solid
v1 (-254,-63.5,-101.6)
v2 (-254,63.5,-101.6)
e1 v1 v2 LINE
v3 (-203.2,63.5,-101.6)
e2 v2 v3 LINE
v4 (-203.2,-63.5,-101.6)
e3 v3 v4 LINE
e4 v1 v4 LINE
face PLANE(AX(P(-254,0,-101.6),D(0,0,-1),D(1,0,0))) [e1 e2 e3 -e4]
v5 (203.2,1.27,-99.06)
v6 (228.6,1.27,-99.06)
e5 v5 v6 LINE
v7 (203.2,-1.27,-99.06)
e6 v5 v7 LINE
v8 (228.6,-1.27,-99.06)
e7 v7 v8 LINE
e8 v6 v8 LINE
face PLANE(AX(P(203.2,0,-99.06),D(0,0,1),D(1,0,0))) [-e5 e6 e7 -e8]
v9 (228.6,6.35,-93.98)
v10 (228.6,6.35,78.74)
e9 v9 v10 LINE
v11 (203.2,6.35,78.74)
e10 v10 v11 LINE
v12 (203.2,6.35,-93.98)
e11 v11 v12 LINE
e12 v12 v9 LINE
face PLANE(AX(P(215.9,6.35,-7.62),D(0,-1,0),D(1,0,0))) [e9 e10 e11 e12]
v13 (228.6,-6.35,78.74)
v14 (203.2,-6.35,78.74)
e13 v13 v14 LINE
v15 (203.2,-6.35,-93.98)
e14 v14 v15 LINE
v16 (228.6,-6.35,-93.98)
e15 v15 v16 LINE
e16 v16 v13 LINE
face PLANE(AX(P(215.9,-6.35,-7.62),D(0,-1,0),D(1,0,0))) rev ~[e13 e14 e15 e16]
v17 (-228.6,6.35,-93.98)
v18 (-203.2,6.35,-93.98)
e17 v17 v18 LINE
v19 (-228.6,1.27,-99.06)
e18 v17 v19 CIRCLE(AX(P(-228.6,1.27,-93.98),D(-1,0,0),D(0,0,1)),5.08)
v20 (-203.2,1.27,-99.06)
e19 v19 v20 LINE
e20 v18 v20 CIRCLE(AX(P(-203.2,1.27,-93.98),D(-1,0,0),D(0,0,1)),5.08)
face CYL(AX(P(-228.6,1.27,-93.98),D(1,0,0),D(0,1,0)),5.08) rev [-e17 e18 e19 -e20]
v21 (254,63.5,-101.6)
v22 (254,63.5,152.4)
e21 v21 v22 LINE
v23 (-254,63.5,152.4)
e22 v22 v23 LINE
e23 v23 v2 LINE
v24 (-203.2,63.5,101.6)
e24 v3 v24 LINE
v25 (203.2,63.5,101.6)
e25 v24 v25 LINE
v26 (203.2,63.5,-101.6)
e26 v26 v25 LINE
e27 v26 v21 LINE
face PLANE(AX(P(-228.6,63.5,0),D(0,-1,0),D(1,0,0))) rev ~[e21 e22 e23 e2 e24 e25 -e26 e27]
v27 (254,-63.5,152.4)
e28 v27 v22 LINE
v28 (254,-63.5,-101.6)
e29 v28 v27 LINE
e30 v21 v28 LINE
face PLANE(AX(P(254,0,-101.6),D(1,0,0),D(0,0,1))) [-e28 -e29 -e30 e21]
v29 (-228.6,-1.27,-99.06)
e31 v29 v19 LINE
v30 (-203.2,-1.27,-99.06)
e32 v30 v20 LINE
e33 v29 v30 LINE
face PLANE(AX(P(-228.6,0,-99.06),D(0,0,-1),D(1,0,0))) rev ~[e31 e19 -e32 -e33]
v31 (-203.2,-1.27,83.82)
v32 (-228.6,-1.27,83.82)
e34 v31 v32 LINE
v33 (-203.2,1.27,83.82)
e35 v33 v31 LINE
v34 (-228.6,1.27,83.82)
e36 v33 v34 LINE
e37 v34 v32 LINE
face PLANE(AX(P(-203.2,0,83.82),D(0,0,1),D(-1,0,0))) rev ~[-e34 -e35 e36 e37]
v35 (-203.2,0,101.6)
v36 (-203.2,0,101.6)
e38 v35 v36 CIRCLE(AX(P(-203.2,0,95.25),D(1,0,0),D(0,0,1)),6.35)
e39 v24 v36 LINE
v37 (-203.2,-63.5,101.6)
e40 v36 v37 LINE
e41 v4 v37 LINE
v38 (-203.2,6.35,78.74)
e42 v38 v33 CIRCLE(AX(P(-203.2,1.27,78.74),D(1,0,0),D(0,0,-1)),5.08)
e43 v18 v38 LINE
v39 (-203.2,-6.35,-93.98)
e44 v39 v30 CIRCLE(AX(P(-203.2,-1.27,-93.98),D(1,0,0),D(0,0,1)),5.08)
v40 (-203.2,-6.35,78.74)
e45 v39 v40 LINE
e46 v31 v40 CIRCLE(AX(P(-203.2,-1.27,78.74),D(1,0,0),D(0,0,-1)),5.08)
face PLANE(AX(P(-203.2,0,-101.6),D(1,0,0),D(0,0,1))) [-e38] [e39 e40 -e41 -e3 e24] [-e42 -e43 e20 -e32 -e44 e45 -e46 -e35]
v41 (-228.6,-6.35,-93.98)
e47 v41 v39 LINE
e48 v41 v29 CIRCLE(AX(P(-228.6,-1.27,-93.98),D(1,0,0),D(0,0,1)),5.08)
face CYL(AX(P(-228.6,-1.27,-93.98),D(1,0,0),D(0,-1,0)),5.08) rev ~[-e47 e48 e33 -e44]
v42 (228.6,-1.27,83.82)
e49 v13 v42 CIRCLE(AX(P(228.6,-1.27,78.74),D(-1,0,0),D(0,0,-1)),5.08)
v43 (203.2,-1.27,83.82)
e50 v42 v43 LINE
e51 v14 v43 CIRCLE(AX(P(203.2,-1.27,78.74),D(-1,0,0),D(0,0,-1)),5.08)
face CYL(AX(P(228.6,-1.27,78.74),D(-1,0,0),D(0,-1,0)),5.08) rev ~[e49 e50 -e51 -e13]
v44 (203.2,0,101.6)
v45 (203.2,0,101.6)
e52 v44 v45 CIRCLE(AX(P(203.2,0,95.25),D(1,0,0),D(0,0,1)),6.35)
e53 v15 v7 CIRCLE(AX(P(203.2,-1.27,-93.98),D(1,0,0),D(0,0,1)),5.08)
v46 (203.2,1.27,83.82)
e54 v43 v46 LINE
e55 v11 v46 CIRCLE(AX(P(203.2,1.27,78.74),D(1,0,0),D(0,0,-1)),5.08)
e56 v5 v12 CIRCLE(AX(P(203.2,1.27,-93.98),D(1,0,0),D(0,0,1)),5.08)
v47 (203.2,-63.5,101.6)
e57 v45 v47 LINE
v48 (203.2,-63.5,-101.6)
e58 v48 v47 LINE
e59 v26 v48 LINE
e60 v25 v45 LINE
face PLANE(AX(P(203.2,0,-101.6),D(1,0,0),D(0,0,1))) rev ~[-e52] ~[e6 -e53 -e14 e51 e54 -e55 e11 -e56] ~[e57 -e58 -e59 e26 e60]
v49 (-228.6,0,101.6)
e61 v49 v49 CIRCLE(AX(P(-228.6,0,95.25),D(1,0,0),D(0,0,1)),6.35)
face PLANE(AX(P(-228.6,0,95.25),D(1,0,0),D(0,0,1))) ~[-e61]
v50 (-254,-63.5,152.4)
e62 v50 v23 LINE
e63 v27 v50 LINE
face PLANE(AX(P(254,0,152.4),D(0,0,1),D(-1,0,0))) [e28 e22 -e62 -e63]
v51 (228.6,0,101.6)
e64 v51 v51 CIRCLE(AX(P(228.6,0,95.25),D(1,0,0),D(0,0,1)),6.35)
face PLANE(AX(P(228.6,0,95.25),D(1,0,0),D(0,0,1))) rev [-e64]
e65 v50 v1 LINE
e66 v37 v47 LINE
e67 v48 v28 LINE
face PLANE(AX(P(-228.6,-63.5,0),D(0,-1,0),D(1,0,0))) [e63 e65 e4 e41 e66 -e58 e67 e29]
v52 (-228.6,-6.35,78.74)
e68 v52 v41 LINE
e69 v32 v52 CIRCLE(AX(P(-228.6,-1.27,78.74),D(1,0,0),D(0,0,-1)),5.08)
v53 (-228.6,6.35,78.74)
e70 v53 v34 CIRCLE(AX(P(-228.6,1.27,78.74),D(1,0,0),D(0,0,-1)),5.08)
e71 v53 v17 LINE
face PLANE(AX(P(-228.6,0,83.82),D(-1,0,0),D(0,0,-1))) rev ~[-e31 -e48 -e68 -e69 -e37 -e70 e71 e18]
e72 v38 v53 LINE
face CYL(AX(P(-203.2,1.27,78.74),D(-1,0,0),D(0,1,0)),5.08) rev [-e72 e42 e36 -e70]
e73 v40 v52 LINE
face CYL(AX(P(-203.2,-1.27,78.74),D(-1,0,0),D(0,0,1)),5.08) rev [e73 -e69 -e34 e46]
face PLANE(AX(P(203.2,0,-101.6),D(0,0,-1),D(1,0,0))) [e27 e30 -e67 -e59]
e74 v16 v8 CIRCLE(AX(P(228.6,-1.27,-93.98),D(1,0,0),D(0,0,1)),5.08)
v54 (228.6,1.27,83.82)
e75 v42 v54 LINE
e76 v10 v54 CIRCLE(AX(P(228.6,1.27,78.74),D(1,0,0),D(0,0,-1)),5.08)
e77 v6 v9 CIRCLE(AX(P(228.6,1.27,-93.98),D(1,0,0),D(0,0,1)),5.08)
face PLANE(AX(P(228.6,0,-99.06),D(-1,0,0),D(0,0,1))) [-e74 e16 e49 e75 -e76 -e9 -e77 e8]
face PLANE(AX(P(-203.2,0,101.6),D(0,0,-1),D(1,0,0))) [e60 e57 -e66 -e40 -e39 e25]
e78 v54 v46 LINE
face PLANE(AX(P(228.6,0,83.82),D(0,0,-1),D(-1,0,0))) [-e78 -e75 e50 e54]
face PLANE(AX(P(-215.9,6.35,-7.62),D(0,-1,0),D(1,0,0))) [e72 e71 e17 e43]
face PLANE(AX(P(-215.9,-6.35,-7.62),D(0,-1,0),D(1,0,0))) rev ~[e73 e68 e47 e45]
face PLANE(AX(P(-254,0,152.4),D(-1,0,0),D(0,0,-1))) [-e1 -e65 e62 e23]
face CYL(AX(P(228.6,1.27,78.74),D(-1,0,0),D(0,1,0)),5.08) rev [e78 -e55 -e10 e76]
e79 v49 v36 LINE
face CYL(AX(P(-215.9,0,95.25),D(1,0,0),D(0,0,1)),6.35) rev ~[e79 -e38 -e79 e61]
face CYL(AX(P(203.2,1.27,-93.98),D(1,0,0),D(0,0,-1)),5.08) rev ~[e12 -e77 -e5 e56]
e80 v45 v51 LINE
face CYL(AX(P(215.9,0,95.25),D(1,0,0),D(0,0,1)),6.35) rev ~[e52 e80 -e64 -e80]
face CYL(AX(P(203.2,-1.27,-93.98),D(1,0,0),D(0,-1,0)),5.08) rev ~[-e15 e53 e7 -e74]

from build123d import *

# Parameters (mm, degrees)
F0_W     = 50.8
F0_H     = 203.2
F1_DEPTH = 63.5
F2_W     = 25.4
F2_H     = 6.35
F5_DEPTH = 6.35
F6_R     = 5.08


with BuildPart() as f1:
    # F0 (on Front) → F1 (new body, symmetric)
    with BuildSketch(Plane.XZ):
        with Locations((-228.6, 0)):
            Rectangle(F0_W, F0_H)
        Polygon((-203.2, 101.6), (203.2, 101.6), (254, 101.6), (254, 152.4), (-254, 152.4), (-254, 101.6), align=None)
        with Locations((228.6, 0)):
            Rectangle(F0_W, F0_H)
    extrude(amount=F1_DEPTH, both=True)

    # F2 (on Front) → F3 (revolve, cut)
    with BuildSketch(Plane.XZ):
        with Locations((215.9, 98.425)):
            Rectangle(F2_W, F2_H)
        with Locations((-215.9, 98.425)):
            Rectangle(F2_W, F2_H)
    revolve(axis=Axis((-215.9, 0, 95.25), (1, 0, 0)), mode=Mode.SUBTRACT)

    # F4 (on Front) → F5 (cut, symmetric)
    with BuildSketch(Plane.XZ):
        Polygon((203.2, 83.82), (203.2, 0), (203.2, -99.06), (228.6, -99.06), (228.6, -92.71), (228.6, 83.82), align=None)
        Polygon((-203.2, -99.06), (-203.2, 0), (-203.2, 83.82), (-228.6, 83.82), (-228.6, -99.06), align=None)
    extrude(amount=F5_DEPTH, both=True, mode=Mode.SUBTRACT)

    # F6
    f6_edges = [f1.edges().sort_by_distance(p)[0] for p in [
        (-215.9, -6.35, 83.82),
        (-215.9, 6.35, 83.82),
        (-215.9, 6.35, -99.06),
        (-215.9, -6.35, -99.06),
        (215.9, -6.35, 83.82),
        (215.9, 6.35, 83.82),
        (215.9, -6.35, -99.06),
        (215.9, 6.35, -99.06),
    ]]
    fillet(f6_edges, radius=F6_R)


solid = f1.part
